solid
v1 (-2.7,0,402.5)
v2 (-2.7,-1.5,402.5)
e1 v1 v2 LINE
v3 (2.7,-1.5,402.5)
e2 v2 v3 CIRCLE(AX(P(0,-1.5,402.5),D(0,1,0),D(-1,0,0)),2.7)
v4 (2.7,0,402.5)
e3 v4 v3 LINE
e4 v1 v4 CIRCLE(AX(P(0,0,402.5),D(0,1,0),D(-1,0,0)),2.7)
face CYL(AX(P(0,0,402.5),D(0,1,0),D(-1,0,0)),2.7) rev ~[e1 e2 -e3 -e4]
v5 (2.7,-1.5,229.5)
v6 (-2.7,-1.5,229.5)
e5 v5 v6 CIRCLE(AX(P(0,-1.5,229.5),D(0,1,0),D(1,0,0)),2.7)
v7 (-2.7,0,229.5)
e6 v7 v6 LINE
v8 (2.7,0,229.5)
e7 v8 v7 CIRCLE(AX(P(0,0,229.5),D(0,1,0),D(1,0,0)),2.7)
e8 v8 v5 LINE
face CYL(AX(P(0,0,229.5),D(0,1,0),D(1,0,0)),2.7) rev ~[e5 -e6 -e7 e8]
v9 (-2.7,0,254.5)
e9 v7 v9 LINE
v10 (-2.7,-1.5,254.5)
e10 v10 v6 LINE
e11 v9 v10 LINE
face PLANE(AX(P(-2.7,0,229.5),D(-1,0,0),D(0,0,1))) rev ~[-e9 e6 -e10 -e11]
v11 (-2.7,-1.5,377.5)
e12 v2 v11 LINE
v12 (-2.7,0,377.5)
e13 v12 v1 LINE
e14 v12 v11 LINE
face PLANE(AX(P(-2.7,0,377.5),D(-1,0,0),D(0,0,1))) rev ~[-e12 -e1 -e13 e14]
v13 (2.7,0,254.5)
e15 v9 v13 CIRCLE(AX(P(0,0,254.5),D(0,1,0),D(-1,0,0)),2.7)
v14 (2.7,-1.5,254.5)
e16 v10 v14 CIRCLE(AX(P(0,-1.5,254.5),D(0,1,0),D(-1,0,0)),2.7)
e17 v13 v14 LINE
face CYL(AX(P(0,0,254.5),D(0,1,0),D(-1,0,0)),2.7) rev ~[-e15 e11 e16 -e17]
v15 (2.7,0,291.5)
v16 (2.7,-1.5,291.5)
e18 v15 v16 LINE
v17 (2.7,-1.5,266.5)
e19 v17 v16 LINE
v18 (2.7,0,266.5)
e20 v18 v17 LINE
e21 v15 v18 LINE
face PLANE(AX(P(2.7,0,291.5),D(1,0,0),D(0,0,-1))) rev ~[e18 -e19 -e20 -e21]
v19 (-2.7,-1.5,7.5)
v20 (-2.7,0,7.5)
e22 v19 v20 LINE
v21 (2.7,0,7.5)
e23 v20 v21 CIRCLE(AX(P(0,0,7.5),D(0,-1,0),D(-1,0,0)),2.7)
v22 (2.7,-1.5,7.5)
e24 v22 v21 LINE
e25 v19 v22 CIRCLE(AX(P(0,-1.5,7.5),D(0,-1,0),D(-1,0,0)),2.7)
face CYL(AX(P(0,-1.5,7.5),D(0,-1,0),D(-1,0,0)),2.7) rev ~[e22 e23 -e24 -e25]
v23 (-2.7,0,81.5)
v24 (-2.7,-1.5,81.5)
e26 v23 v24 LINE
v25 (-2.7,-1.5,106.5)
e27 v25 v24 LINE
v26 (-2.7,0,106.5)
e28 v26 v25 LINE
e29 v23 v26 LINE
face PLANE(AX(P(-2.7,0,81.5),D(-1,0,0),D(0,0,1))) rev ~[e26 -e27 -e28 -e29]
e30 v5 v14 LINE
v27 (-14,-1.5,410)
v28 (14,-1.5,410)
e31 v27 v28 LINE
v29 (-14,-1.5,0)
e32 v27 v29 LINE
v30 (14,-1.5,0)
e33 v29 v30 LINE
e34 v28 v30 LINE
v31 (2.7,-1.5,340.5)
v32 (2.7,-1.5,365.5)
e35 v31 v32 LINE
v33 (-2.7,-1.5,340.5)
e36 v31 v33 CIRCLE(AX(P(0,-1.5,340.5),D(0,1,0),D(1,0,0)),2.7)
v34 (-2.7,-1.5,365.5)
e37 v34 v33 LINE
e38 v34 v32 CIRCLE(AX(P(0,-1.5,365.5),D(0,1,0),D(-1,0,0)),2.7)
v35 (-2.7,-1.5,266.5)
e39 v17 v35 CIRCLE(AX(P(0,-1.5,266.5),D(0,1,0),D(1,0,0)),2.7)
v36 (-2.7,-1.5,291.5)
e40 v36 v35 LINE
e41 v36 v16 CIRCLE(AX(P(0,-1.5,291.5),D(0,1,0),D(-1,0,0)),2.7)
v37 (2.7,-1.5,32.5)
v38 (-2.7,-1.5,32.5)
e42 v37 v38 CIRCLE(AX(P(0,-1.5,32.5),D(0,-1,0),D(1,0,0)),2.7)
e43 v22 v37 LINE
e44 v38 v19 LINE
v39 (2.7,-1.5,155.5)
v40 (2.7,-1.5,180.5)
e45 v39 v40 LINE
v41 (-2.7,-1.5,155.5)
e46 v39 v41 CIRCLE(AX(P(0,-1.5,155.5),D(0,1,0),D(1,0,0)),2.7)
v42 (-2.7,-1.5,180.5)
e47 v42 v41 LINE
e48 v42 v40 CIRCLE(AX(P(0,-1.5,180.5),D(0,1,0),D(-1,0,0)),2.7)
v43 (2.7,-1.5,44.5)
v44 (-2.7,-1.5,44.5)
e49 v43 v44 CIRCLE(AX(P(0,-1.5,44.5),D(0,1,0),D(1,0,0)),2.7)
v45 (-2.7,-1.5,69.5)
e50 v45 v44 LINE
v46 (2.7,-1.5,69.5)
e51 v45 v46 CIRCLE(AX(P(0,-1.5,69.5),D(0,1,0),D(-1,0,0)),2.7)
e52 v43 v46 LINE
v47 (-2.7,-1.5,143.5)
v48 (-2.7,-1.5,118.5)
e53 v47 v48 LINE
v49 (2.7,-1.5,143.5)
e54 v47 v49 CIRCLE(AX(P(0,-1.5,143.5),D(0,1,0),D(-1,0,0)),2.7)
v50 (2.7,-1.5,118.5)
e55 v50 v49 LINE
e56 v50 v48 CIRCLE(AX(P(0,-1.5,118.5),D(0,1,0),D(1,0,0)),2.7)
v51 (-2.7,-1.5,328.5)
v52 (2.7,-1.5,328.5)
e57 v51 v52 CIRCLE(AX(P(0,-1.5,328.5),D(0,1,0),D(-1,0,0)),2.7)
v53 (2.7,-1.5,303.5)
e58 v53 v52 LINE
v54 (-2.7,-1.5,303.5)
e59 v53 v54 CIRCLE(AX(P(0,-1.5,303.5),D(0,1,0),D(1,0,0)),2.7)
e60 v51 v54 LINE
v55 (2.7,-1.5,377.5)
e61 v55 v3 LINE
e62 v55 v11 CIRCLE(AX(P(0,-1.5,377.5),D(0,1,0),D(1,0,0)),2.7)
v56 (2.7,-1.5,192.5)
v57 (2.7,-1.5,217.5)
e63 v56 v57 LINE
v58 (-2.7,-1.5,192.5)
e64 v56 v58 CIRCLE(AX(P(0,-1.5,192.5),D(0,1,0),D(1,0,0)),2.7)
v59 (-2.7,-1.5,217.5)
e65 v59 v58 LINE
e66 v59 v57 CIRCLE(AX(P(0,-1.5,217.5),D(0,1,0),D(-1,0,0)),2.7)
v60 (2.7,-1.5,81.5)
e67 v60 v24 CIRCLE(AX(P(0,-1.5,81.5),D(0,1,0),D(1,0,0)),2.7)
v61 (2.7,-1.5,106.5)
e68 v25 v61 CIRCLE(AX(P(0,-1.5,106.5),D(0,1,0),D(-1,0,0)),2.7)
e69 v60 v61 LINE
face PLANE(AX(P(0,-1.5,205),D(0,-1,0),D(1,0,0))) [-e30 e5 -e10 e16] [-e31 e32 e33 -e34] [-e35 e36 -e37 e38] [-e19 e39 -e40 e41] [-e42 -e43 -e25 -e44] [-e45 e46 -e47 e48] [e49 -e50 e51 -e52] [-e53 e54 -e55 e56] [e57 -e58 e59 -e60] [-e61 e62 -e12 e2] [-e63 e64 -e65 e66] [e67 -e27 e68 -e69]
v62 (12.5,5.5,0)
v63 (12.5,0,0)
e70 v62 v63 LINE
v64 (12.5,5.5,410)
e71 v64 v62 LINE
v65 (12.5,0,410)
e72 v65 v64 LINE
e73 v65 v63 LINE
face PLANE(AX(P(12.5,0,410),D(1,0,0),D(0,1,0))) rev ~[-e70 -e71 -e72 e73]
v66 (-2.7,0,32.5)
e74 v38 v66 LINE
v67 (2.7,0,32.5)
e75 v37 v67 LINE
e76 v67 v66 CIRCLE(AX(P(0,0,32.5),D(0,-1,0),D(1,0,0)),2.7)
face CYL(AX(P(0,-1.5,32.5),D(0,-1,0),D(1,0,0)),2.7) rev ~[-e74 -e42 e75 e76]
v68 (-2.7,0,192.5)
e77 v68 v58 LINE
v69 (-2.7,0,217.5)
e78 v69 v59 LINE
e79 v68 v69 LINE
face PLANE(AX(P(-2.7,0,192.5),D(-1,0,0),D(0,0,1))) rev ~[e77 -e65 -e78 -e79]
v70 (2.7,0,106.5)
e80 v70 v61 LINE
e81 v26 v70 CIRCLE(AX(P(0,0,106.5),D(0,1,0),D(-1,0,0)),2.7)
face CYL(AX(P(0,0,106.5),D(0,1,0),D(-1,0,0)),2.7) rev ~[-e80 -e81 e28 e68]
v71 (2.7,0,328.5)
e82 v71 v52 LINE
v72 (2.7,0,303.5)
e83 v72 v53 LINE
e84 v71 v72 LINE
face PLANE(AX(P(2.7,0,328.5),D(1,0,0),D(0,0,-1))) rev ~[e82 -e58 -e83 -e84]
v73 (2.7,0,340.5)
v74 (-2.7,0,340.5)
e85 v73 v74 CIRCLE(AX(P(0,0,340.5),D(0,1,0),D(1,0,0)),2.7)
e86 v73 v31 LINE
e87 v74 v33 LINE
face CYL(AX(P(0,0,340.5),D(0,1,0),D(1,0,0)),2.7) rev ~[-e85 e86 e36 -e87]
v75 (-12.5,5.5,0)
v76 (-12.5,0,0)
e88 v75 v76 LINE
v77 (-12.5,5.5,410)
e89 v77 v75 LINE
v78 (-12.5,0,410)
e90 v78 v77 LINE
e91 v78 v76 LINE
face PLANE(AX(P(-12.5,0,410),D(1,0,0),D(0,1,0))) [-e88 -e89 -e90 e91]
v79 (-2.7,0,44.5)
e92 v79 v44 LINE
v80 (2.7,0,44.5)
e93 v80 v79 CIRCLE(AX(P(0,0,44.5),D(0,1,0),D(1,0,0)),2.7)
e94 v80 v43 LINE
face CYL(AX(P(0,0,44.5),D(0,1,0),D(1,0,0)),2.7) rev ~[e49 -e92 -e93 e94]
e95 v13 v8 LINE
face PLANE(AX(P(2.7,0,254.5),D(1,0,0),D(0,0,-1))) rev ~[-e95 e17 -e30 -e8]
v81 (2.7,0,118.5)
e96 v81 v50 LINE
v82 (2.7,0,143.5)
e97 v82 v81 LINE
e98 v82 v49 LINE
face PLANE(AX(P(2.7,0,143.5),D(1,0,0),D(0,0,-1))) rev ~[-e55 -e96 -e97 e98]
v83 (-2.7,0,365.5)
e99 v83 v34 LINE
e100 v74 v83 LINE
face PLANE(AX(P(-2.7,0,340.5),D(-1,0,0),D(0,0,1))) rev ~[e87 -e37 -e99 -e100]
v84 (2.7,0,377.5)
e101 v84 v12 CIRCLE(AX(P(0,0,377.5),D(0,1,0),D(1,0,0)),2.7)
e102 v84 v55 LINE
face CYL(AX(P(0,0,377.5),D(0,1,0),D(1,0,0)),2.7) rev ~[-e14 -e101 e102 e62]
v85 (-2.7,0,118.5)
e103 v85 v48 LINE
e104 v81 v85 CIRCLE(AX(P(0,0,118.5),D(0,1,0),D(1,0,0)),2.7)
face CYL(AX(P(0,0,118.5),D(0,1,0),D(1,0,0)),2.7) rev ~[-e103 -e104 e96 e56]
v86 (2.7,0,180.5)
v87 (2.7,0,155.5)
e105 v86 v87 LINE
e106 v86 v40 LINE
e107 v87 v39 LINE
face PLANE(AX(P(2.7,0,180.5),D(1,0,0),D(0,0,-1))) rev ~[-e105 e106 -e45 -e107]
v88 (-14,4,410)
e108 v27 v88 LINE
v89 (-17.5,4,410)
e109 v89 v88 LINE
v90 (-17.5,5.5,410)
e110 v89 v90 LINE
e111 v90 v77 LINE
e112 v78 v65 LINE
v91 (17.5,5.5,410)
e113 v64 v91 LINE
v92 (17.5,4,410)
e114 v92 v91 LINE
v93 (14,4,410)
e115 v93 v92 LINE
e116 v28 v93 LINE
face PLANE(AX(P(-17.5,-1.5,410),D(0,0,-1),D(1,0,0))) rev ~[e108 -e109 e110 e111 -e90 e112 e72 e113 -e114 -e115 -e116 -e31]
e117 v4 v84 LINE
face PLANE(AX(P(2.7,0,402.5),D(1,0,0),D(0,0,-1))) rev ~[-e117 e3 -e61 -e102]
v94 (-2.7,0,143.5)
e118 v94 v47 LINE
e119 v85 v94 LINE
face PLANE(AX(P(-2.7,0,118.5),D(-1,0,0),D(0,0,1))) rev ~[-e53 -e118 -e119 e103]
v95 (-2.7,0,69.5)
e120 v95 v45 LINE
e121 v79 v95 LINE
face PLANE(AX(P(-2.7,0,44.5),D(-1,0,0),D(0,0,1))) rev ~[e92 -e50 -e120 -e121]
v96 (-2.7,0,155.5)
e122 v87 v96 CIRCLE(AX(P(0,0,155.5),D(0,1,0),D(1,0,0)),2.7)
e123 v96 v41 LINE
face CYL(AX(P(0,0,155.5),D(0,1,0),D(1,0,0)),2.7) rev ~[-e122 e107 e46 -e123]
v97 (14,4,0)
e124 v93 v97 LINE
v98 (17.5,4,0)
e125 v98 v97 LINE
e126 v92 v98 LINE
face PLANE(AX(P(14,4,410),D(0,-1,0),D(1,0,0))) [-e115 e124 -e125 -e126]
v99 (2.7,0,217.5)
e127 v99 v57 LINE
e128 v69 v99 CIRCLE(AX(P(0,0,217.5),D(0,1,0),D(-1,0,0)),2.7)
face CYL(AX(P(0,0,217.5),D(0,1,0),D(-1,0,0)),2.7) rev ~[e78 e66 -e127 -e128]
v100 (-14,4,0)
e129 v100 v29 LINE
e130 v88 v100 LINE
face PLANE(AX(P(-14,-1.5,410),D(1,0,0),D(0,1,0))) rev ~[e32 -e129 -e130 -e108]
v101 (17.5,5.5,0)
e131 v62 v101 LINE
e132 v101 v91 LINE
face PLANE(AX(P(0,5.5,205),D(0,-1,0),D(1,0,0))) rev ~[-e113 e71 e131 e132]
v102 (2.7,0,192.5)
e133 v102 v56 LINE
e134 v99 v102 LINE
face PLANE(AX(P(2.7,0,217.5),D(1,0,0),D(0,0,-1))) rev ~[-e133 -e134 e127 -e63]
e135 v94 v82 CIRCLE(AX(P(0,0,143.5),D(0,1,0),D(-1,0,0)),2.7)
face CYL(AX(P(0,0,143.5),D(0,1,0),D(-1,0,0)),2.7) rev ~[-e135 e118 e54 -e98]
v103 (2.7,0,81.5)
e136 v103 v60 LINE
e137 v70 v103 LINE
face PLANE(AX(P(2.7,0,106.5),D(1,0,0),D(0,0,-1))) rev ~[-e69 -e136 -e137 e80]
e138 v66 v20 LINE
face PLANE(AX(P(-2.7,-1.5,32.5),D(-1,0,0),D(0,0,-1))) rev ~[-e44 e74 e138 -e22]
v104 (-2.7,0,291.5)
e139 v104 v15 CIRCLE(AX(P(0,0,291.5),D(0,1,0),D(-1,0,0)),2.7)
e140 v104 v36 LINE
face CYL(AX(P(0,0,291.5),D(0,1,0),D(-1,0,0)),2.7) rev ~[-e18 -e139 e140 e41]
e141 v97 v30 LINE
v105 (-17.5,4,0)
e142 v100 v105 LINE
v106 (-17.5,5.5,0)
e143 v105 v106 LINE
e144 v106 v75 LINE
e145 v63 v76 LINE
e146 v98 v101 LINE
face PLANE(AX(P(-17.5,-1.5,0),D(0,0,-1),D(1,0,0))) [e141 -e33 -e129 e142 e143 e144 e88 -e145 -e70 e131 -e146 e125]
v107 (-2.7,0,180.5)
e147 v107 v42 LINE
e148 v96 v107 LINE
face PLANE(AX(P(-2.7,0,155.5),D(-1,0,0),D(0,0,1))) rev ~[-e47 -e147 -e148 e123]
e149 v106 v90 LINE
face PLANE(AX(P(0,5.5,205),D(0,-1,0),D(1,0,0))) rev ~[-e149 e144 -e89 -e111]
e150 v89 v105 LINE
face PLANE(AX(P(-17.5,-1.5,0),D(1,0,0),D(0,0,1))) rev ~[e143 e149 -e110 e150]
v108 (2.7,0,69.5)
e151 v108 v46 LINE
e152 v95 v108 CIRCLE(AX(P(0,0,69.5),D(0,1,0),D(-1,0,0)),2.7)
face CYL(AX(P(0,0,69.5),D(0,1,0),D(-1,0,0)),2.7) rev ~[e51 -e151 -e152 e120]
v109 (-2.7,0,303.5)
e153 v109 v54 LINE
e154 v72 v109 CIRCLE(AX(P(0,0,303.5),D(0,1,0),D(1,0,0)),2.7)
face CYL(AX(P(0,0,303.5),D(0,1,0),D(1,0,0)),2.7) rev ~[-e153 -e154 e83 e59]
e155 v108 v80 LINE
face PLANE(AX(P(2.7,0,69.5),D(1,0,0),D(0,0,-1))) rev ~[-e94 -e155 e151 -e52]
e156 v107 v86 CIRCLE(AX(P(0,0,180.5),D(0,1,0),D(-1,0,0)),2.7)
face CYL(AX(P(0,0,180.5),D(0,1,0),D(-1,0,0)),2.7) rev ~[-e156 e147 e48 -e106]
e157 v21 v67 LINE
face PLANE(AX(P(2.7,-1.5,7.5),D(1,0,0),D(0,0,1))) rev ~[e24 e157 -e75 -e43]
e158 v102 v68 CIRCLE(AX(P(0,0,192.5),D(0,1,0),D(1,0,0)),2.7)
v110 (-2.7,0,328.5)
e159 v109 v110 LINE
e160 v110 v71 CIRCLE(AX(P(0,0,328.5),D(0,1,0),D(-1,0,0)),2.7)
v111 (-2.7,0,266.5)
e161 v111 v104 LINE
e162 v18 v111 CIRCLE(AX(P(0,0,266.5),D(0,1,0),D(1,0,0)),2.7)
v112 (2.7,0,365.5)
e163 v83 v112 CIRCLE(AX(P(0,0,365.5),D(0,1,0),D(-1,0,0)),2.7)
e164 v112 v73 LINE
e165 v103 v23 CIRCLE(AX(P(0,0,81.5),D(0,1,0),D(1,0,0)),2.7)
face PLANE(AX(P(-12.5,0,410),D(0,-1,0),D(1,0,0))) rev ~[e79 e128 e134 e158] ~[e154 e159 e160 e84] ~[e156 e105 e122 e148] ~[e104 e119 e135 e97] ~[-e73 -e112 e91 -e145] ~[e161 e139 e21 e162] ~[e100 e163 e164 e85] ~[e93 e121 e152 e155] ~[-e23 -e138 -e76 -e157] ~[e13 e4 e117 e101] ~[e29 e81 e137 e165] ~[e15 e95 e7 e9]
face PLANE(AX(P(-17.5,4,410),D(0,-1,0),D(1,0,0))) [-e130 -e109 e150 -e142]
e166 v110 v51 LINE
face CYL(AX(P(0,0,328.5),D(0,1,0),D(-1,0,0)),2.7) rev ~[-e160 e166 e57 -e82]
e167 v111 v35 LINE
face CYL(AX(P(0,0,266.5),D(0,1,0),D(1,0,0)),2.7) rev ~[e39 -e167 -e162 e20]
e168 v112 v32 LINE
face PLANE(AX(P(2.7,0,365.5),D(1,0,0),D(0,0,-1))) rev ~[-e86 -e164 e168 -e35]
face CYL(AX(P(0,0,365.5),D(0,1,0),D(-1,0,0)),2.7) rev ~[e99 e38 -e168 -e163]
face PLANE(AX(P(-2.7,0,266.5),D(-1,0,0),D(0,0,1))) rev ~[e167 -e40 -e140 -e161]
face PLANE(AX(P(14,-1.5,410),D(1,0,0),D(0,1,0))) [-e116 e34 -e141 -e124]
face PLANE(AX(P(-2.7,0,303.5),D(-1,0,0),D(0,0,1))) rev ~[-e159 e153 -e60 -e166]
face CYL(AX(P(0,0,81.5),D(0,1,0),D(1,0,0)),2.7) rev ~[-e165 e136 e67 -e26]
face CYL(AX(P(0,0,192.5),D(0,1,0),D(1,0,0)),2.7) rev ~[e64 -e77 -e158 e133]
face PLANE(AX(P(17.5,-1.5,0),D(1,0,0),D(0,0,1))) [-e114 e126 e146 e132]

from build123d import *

# Parameters (mm, degrees)
CROQUIS1_W              = 35
CROQUIS1_H              = 410
SALIENTE_EXTRUIR1_DEPTH = 7
CROQUIS2_W              = 25
CROQUIS2_H              = 5.5
CORTAR_EXTRUIR1_DEPTH   = 411
CROQUIS3_W              = 3.5
CROQUIS3_H              = 5.5
CORTAR_EXTRUIR2_DEPTH   = 411
CROQUIS4_W              = 3.5
CROQUIS4_H              = 5.5
CORTAR_EXTRUIR3_DEPTH   = 411
CORTAR_EXTRUIR4_DEPTH   = 2.5
CORTAR_EXTRUIR5_DEPTH   = 2.5
CORTAR_EXTRUIR6_DEPTH   = 2.5
CORTAR_EXTRUIR7_DEPTH   = 2.5
CORTAR_EXTRUIR8_DEPTH   = 2.5
CORTAR_EXTRUIR9_DEPTH   = 2.5
CORTAR_EXTRUIR10_DEPTH  = 2.5
CORTAR_EXTRUIR11_DEPTH  = 2.5
CORTAR_EXTRUIR12_DEPTH  = 2.5
CORTAR_EXTRUIR13_DEPTH  = 2.5
CORTAR_EXTRUIR14_DEPTH  = 8


with BuildPart() as part:
    # Croquis1 → Saliente-Extruir1 (new body)
    with BuildSketch(Plane.XZ.offset(1.5)):
        with Locations((0, 205)):
            Rectangle(CROQUIS1_W, CROQUIS1_H)
    extrude(amount=-SALIENTE_EXTRUIR1_DEPTH)

    # Croquis2 → Cortar-Extruir1 (cut, through all)
    with BuildSketch(Plane.XY.offset(410)):
        with Locations((0, 2.75)):
            Rectangle(CROQUIS2_W, CROQUIS2_H)
    extrude(amount=-CORTAR_EXTRUIR1_DEPTH, mode=Mode.SUBTRACT)

    # Croquis3 → Cortar-Extruir2 (cut, through all)
    with BuildSketch(Plane.XY.offset(410)):
        with Locations((15.75, 1.25)):
            Rectangle(CROQUIS3_W, CROQUIS3_H)
    extrude(amount=-CORTAR_EXTRUIR2_DEPTH, mode=Mode.SUBTRACT)

    # Croquis4 → Cortar-Extruir3 (cut, through all)
    with BuildSketch(Plane.XY.offset(410)):
        with Locations((-15.75, 1.25)):
            Rectangle(CROQUIS4_W, CROQUIS4_H)
    extrude(amount=-CORTAR_EXTRUIR3_DEPTH, mode=Mode.SUBTRACT)

    # Croquis5 → Cortar-Extruir4 (cut, through all)
    with BuildSketch(Plane(origin=(0, 0, 0), x_dir=(-1, 0, 0), z_dir=(0, 1, 0))):
        with BuildLine():
            Line((-2.7, 402.5), (-2.7, 377.5))
            ThreePointArc((-2.7, 377.5), (0, 374.8), (2.7, 377.5))
            Line((2.7, 377.5), (2.7, 402.5))
            ThreePointArc((2.7, 402.5), (0, 405.2), (-2.7, 402.5))
        make_face()
    extrude(amount=-CORTAR_EXTRUIR4_DEPTH, mode=Mode.SUBTRACT)

    # Croquis6 → Cortar-Extruir5 (cut, through all)
    with BuildSketch(Plane(origin=(0, 0, 0), x_dir=(-1, 0, 0), z_dir=(0, 1, 0))):
        with BuildLine():
            Line((-2.7, 365.5), (-2.7, 340.5))
            ThreePointArc((-2.7, 340.5), (0, 337.8), (2.7, 340.5))
            Line((2.7, 340.5), (2.7, 365.5))
            ThreePointArc((2.7, 365.5), (0, 368.2), (-2.7, 365.5))
        make_face()
    extrude(amount=-CORTAR_EXTRUIR5_DEPTH, mode=Mode.SUBTRACT)

    # Croquis7 → Cortar-Extruir6 (cut, through all)
    with BuildSketch(Plane(origin=(0, 0, 0), x_dir=(-1, 0, 0), z_dir=(0, 1, 0))):
        with BuildLine():
            Line((-2.7, 328.5), (-2.7, 303.5))
            ThreePointArc((-2.7, 303.5), (0, 300.8), (2.7, 303.5))
            Line((2.7, 303.5), (2.7, 328.5))
            ThreePointArc((2.7, 328.5), (0, 331.2), (-2.7, 328.5))
        make_face()
    extrude(amount=-CORTAR_EXTRUIR6_DEPTH, mode=Mode.SUBTRACT)

    # Croquis8 → Cortar-Extruir7 (cut, through all)
    with BuildSketch(Plane(origin=(0, 0, 0), x_dir=(-1, 0, 0), z_dir=(0, 1, 0))):
        with BuildLine():
            Line((-2.7, 291.5), (-2.7, 266.5))
            ThreePointArc((-2.7, 266.5), (0, 263.8), (2.7, 266.5))
            Line((2.7, 266.5), (2.7, 291.5))
            ThreePointArc((2.7, 291.5), (0, 294.2), (-2.7, 291.5))
        make_face()
    extrude(amount=-CORTAR_EXTRUIR7_DEPTH, mode=Mode.SUBTRACT)

    # Croquis9 → Cortar-Extruir8 (cut, through all)
    with BuildSketch(Plane(origin=(0, 0, 0), x_dir=(-1, 0, 0), z_dir=(0, 1, 0))):
        with BuildLine():
            Line((-2.7, 254.5), (-2.7, 229.5))
            ThreePointArc((-2.7, 229.5), (0, 226.8), (2.7, 229.5))
            Line((2.7, 229.5), (2.7, 254.5))
            ThreePointArc((2.7, 254.5), (0, 257.2), (-2.7, 254.5))
        make_face()
    extrude(amount=-CORTAR_EXTRUIR8_DEPTH, mode=Mode.SUBTRACT)

    # Croquis10 → Cortar-Extruir9 (cut, through all)
    with BuildSketch(Plane(origin=(0, 0, 0), x_dir=(-1, 0, 0), z_dir=(0, 1, 0))):
        with BuildLine():
            Line((-2.7, 217.5), (-2.7, 192.5))
            ThreePointArc((-2.7, 192.5), (0, 189.8), (2.7, 192.5))
            Line((2.7, 192.5), (2.7, 217.5))
            ThreePointArc((2.7, 217.5), (0, 220.2), (-2.7, 217.5))
        make_face()
    extrude(amount=-CORTAR_EXTRUIR9_DEPTH, mode=Mode.SUBTRACT)

    # Croquis11 → Cortar-Extruir10 (cut, through all)
    with BuildSketch(Plane(origin=(0, 0, 0), x_dir=(-1, 0, 0), z_dir=(0, 1, 0))):
        with BuildLine():
            Line((-2.7, 180.5), (-2.7, 155.5))
            ThreePointArc((-2.7, 155.5), (0, 152.8), (2.7, 155.5))
            Line((2.7, 155.5), (2.7, 180.5))
            ThreePointArc((2.7, 180.5), (0, 183.2), (-2.7, 180.5))
        make_face()
    extrude(amount=-CORTAR_EXTRUIR10_DEPTH, mode=Mode.SUBTRACT)

    # Croquis12 → Cortar-Extruir11 (cut, through all)
    with BuildSketch(Plane(origin=(0, 0, 0), x_dir=(-1, 0, 0), z_dir=(0, 1, 0))):
        with BuildLine():
            Line((-2.7, 143.5), (-2.7, 118.5))
            ThreePointArc((-2.7, 118.5), (0, 115.8), (2.7, 118.5))
            Line((2.7, 118.5), (2.7, 143.5))
            ThreePointArc((2.7, 143.5), (0, 146.2), (-2.7, 143.5))
        make_face()
    extrude(amount=-CORTAR_EXTRUIR11_DEPTH, mode=Mode.SUBTRACT)

    # Croquis13 → Cortar-Extruir12 (cut, through all)
    with BuildSketch(Plane(origin=(0, 0, 0), x_dir=(-1, 0, 0), z_dir=(0, 1, 0))):
        with BuildLine():
            Line((-2.7, 106.5), (-2.7, 81.5))
            ThreePointArc((-2.7, 81.5), (0, 78.8), (2.7, 81.5))
            Line((2.7, 81.5), (2.7, 106.5))
            ThreePointArc((2.7, 106.5), (0, 109.2), (-2.7, 106.5))
        make_face()
    extrude(amount=-CORTAR_EXTRUIR12_DEPTH, mode=Mode.SUBTRACT)

    # Croquis14 → Cortar-Extruir13 (cut, through all)
    with BuildSketch(Plane(origin=(0, 0, 0), x_dir=(-1, 0, 0), z_dir=(0, 1, 0))):
        with BuildLine():
            Line((-2.7, 69.5), (-2.7, 44.5))
            ThreePointArc((-2.7, 44.5), (0, 41.8), (2.7, 44.5))
            Line((2.7, 44.5), (2.7, 69.5))
            ThreePointArc((2.7, 69.5), (0, 72.2), (-2.7, 69.5))
        make_face()
    extrude(amount=-CORTAR_EXTRUIR13_DEPTH, mode=Mode.SUBTRACT)

    # Croquis15 → Cortar-Extruir14 (cut, through all)
    with BuildSketch(Plane.XZ.offset(1.5)):
        with BuildLine():
            Line((-2.7, 32.5), (-2.7, 7.5))
            ThreePointArc((-2.7, 7.5), (0, 4.8), (2.7, 7.5))
            Line((2.7, 7.5), (2.7, 32.5))
            ThreePointArc((2.7, 32.5), (0, 35.2), (-2.7, 32.5))
        make_face()
    extrude(amount=-CORTAR_EXTRUIR14_DEPTH, mode=Mode.SUBTRACT)


solid = part.part
